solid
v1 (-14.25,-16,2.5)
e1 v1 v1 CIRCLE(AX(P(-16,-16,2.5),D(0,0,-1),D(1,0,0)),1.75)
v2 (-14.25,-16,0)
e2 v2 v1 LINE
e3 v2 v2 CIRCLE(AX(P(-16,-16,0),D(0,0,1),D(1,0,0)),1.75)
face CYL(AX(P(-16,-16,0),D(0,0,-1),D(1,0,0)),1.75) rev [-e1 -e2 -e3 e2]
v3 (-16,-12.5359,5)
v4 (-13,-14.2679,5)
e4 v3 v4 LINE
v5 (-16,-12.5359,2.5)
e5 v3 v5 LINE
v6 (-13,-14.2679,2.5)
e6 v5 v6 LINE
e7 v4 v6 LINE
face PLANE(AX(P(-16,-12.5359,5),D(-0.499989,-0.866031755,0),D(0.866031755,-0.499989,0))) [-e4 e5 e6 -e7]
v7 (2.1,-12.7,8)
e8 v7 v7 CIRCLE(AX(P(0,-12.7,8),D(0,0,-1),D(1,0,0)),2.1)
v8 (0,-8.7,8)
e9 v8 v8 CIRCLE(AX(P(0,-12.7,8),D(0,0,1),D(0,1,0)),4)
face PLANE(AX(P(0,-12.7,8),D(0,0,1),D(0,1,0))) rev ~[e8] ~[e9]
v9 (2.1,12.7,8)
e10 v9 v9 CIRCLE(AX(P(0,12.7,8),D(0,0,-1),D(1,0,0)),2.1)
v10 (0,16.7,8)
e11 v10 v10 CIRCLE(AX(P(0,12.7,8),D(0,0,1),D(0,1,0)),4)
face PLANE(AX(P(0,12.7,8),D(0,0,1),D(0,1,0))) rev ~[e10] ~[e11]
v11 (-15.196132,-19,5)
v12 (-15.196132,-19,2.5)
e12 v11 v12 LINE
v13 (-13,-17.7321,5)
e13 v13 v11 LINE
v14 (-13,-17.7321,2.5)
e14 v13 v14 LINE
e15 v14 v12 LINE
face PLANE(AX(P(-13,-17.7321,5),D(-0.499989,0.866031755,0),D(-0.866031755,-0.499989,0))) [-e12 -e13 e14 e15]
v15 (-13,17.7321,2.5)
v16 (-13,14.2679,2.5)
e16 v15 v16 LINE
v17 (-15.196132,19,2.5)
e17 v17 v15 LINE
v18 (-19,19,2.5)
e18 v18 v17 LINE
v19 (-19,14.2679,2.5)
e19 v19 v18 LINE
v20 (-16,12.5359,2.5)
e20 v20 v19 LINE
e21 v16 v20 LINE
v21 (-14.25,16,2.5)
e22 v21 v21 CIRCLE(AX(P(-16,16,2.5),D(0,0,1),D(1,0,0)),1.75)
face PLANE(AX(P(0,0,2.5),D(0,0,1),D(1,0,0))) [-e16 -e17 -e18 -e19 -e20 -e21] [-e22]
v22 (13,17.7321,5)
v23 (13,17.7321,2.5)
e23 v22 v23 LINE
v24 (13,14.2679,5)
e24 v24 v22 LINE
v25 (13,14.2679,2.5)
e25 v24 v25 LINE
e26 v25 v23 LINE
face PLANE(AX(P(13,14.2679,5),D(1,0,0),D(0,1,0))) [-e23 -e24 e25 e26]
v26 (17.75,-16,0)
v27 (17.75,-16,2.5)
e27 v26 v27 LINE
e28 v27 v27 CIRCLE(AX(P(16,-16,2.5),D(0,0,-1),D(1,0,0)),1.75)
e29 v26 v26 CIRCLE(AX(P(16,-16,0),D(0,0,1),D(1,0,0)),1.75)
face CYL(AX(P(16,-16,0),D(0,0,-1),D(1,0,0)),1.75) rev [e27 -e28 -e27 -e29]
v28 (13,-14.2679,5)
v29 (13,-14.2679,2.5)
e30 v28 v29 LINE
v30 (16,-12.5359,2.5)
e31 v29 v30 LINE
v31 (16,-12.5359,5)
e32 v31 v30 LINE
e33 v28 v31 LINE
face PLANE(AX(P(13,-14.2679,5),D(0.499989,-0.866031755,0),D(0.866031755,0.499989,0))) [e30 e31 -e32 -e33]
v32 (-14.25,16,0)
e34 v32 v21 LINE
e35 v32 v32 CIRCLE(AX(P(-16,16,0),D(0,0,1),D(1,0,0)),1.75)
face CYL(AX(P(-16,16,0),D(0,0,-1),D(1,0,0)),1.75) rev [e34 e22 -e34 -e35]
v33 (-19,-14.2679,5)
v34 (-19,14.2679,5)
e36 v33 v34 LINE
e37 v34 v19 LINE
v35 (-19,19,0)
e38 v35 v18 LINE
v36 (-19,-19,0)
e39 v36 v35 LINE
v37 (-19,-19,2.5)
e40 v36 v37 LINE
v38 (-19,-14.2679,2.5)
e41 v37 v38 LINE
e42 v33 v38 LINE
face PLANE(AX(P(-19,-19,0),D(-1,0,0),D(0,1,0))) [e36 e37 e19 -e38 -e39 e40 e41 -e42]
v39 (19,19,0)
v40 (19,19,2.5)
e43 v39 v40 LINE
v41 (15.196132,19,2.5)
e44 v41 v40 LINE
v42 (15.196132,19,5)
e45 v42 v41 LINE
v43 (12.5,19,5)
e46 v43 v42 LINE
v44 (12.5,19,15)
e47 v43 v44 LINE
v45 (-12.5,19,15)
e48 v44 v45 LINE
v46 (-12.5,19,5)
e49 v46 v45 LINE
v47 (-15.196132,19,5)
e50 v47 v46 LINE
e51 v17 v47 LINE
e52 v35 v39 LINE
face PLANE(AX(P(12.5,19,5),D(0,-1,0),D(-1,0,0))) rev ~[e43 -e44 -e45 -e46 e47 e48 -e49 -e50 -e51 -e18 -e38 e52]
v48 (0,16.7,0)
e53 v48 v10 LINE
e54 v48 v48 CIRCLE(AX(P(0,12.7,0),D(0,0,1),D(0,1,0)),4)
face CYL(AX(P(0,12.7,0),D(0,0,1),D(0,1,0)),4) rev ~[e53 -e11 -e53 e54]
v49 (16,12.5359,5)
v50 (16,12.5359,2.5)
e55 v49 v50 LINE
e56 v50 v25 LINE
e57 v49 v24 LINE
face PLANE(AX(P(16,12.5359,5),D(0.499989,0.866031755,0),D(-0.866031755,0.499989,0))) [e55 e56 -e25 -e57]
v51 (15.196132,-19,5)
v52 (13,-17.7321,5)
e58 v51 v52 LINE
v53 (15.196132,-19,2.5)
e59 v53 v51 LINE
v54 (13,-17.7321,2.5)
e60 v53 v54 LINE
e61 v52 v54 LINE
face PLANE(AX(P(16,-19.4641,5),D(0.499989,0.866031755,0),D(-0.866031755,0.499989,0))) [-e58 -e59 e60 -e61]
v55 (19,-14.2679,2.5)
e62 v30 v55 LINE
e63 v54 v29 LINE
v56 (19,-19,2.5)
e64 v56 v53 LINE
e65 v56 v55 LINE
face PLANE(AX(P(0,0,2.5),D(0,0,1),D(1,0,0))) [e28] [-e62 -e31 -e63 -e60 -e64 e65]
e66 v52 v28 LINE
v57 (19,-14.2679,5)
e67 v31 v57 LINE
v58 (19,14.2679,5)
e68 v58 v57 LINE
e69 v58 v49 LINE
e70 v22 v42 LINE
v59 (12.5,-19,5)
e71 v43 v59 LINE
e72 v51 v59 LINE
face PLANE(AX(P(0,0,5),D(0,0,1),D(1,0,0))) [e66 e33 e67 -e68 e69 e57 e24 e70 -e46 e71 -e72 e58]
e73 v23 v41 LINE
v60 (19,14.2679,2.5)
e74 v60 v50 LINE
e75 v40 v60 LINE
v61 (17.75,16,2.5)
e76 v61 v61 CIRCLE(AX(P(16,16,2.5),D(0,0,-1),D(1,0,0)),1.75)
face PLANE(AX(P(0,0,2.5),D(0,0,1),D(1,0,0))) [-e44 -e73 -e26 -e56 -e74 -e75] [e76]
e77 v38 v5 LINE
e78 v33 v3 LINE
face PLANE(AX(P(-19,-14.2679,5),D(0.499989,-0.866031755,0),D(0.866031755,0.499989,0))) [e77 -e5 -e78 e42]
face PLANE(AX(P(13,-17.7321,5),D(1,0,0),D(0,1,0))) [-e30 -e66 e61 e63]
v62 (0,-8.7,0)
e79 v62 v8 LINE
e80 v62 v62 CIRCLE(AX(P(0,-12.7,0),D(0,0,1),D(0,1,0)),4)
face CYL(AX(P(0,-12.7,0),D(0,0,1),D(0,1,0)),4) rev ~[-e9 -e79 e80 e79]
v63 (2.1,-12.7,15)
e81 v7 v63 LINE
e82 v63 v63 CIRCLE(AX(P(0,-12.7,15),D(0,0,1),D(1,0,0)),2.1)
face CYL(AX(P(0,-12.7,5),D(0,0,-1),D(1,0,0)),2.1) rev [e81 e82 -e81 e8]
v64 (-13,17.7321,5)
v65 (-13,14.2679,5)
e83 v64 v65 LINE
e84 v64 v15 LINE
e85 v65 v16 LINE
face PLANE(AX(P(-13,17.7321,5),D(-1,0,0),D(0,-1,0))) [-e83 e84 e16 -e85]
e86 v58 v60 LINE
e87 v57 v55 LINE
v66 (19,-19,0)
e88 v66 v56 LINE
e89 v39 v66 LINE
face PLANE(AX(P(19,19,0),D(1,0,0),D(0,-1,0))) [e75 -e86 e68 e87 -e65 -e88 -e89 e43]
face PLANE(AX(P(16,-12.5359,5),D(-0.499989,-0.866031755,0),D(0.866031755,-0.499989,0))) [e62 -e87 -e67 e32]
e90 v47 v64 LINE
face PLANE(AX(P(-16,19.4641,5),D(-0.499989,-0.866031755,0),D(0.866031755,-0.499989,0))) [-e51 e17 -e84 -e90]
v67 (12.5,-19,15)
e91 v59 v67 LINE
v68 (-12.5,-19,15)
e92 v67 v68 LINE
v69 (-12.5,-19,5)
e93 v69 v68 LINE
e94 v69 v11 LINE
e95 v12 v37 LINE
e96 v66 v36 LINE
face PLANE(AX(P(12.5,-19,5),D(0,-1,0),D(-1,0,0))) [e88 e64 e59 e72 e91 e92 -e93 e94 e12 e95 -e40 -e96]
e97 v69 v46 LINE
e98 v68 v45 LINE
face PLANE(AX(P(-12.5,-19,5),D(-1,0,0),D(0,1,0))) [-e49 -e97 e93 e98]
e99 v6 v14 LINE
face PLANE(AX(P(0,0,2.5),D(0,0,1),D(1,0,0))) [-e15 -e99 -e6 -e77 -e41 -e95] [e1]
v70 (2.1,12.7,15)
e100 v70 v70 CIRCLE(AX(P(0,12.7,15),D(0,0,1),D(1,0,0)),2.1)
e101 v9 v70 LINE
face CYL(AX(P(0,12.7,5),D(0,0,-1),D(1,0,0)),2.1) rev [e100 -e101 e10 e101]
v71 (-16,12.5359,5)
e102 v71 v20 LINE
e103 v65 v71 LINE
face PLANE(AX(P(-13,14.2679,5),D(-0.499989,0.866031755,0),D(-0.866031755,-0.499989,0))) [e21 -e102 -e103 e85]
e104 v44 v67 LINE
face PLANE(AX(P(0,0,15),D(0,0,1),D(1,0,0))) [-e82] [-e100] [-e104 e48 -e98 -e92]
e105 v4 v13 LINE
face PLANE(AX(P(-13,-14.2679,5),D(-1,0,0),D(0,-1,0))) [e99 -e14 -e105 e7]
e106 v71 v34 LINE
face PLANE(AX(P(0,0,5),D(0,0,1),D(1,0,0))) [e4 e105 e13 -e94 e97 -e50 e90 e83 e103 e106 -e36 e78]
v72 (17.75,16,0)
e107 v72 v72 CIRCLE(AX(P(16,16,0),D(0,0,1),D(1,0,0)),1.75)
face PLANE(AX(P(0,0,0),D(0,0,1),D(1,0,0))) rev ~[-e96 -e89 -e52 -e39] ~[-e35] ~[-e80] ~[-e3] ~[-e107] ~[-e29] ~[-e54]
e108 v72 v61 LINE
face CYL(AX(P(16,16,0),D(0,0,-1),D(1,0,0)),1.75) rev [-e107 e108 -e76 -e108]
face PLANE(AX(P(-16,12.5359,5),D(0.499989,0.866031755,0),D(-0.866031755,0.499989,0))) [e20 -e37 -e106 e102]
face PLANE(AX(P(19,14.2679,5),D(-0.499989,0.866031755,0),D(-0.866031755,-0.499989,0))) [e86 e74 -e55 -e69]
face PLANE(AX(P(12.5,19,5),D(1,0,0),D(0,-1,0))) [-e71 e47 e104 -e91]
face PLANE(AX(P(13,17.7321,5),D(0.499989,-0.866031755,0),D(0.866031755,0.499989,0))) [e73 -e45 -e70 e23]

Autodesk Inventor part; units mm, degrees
ref_plane "YZ Plane" through (0, 0, 0) normal (1, 0, 0) x (0, 1, 0)
ref_plane "XZ Plane" through (0, 0, 0) normal (0, 1, 0) x (-1, 0, 0)
ref_plane "XY Plane" through (0, 0, 0) normal (0, 0, 1) x (1, 0, 0)
sketch "Sketch5" plane through (0, 0, 0) normal (0, 0, 1) x (1, 0, 0)
  circle A0 centre (-16, 16) radius 1.75
  line L0 (-3.5516, 0) -> (2.966, 0)
  line L1 (0, 4.5757) -> (0, -5.4514)
  circle A1 centre (16, 16) radius 1.75
  circle A2 centre (-16, -16) radius 1.75
  circle A3 centre (16, -16) radius 1.75
  line L2 (19, -19) -> (-19, -19)
  line L3 (-19, -19) -> (-19, 19)
  line L4 (-19, 19) -> (19, 19)
  line L5 (19, 19) -> (19, -19)
  line L6 (19, -19) -> (-19, 19) construction
  line L7 (-19, -19) -> (19, 19) construction
  line L8 (4.0992, -12.7) -> (2.0496, -16.25)
  line L9 (2.0496, -16.25) -> (-2.0496, -16.25)
  line L10 (-2.0496, -16.25) -> (-4.0992, -12.7)
  line L11 (-4.0992, -12.7) -> (-2.0496, -9.15)
  line L12 (-2.0496, -9.15) -> (2.0496, -9.15)
  line L13 (2.0496, -9.15) -> (4.0992, -12.7)
  line L14 (4.0992, 12.7) -> (2.0496, 9.15)
  line L15 (2.0496, 9.15) -> (-2.0496, 9.15)
  line L16 (-2.0496, 9.15) -> (-4.0992, 12.7)
  line L17 (-4.0992, 12.7) -> (-2.0496, 16.25)
  line L18 (-2.0496, 16.25) -> (2.0496, 16.25)
  line L19 (2.0496, 16.25) -> (4.0992, 12.7)
  point P0 (0, 0)
  point P1 (0, 12.7)
  point P2 (0, -12.7)
  point P3 (0, -12.7)
  point P4 (0, 12.7)
  point P5 (0, -16.25)
  dimension "d47" = 3.5
  dimension "d50" = 32
  dimension "d53" = 32
  dimension "d56" = 16
  dimension "d57" = 16
  dimension "d58" = 38
  dimension "d59" = 38
  dimension "d73" = 7.1
  dimension "d74" = 7.1
extrude "Extrusion3" add sketch "Sketch5" along normal blind 5 contours L2 L3 L4 L5 | L8 L9 L10 L11 L12 L13 | L14 L15 L16 L17 L18 L19
sketch "Sketch6" plane through (0, 0, 5) normal (0, 0, 1) x (1, 0, 0)
  circle A0 centre (-16, 16) radius 1.75 projected
  line L0 (-16, 19.4641) -> (-13, 17.7321)
  line L1 (-13, 17.7321) -> (-13, 14.2679)
  line L2 (-13, 14.2679) -> (-16, 12.5359)
  line L3 (-16, 12.5359) -> (-19, 14.2679)
  line L4 (-19, 14.2679) -> (-19, 17.7321)
  line L5 (-19, 17.7321) -> (-16, 19.4641)
  line L6 (0, 4.5757) -> (0, -5.4514) projected
  line L7 (-3.5516, 0) -> (2.966, 0) projected
  line L8 (16, 19.4641) -> (19, 17.7321)
  line L9 (19, 17.7321) -> (19, 14.2679)
  line L10 (19, 14.2679) -> (16, 12.5359)
  line L11 (16, 12.5359) -> (13, 14.2679)
  line L12 (13, 14.2679) -> (13, 17.7321)
  line L13 (13, 17.7321) -> (16, 19.4641)
  line L14 (-16, -12.5359) -> (-13, -14.2679)
  line L15 (-13, -14.2679) -> (-13, -17.7321)
  line L16 (-13, -17.7321) -> (-16, -19.4641)
  line L17 (-16, -19.4641) -> (-19, -17.7321)
  line L18 (-19, -17.7321) -> (-19, -14.2679)
  line L19 (-19, -14.2679) -> (-16, -12.5359)
  line L20 (16, -12.5359) -> (19, -14.2679)
  line L21 (19, -14.2679) -> (19, -17.7321)
  line L22 (19, -17.7321) -> (16, -19.4641)
  line L23 (16, -19.4641) -> (13, -17.7321)
  line L24 (13, -17.7321) -> (13, -14.2679)
  line L25 (13, -14.2679) -> (16, -12.5359)
  point P0 (0, 0)
  point P1 (-13, 16)
  point P2 (16, 16)
  point P3 (16, 16)
  point P4 (19, 16)
  point P5 (-16, -16)
  point P6 (-16, -16)
  point P7 (-13, -16)
  point P8 (16, -16)
  point P9 (16, -16)
  point P10 (19, -16)
  dimension "d62" = 6
  dimension "d65" = 32
  dimension "d68" = 32
extrude "Extrusion4" cut sketch "Sketch6" against normal blind 2.5
hole "Hole4" at (0, 12.7, 0) at (0, -12.7, 0) direction (0, 0, 1) diameter 4.2 end through all
sketch "Sketch7" plane through (0, 0, 5) normal (0, 0, 1) x (1, 0, 0)
  line L0 (-16.8038, -19) -> (-19, -17.7321) projected
  line L1 (-19, -19) -> (-19, 19) projected
  line L2 (19, -19) -> (-19, -19) projected
  line L3 (19, -19) -> (-19, 19) construction
  line L4 (-19, 17.7321) -> (-16.8038, 19) projected
  line L5 (-19, 19) -> (19, 19) projected
  line L6 (16.8038, 19) -> (19, 17.7321) projected
  line L7 (19, 19) -> (19, -19) projected
  line L8 (19, -17.7321) -> (16.8038, -19) projected
  point P0 (0, 0)
extrude "Extrusion6" cut sketch "Sketch7" against normal up to surface (2.5 mm away) contours L2 L1 L0 | L8 L7 L2 | L1 L5 L4 | L6 L5 L7
sketch "Sketch8" plane through (0, 0, 5) normal (0, 0, 1) x (1, 0, 0)
  line L0 (15.1962, 19) -> (-15.1962, 19) projected
  line L1 (12.5, -19) -> (-12.5, -19)
  line L2 (-12.5, -19) -> (-12.5, 19)
  line L3 (-12.5, 19) -> (12.5, 19)
  line L4 (12.5, 19) -> (12.5, -19)
  line L5 (12.5, -19) -> (-12.5, 19) construction
  line L6 (-12.5, -19) -> (12.5, 19) construction
  circle A0 centre (0, 12.7) radius 2.1 projected
  circle A1 centre (0, -12.7) radius 2.1 projected
  point P0 (0, 0)
  dimension "d86" = 25
extrude "Extrusion7" add sketch "Sketch8" along normal blind 10
hole "Hole5" at (0, -12.7, 0) at (0, 12.7, 0) direction (0, 0, 1) diameter 8 depth 8
properties part number "RD-PDT-S-to-M4-bolts"
